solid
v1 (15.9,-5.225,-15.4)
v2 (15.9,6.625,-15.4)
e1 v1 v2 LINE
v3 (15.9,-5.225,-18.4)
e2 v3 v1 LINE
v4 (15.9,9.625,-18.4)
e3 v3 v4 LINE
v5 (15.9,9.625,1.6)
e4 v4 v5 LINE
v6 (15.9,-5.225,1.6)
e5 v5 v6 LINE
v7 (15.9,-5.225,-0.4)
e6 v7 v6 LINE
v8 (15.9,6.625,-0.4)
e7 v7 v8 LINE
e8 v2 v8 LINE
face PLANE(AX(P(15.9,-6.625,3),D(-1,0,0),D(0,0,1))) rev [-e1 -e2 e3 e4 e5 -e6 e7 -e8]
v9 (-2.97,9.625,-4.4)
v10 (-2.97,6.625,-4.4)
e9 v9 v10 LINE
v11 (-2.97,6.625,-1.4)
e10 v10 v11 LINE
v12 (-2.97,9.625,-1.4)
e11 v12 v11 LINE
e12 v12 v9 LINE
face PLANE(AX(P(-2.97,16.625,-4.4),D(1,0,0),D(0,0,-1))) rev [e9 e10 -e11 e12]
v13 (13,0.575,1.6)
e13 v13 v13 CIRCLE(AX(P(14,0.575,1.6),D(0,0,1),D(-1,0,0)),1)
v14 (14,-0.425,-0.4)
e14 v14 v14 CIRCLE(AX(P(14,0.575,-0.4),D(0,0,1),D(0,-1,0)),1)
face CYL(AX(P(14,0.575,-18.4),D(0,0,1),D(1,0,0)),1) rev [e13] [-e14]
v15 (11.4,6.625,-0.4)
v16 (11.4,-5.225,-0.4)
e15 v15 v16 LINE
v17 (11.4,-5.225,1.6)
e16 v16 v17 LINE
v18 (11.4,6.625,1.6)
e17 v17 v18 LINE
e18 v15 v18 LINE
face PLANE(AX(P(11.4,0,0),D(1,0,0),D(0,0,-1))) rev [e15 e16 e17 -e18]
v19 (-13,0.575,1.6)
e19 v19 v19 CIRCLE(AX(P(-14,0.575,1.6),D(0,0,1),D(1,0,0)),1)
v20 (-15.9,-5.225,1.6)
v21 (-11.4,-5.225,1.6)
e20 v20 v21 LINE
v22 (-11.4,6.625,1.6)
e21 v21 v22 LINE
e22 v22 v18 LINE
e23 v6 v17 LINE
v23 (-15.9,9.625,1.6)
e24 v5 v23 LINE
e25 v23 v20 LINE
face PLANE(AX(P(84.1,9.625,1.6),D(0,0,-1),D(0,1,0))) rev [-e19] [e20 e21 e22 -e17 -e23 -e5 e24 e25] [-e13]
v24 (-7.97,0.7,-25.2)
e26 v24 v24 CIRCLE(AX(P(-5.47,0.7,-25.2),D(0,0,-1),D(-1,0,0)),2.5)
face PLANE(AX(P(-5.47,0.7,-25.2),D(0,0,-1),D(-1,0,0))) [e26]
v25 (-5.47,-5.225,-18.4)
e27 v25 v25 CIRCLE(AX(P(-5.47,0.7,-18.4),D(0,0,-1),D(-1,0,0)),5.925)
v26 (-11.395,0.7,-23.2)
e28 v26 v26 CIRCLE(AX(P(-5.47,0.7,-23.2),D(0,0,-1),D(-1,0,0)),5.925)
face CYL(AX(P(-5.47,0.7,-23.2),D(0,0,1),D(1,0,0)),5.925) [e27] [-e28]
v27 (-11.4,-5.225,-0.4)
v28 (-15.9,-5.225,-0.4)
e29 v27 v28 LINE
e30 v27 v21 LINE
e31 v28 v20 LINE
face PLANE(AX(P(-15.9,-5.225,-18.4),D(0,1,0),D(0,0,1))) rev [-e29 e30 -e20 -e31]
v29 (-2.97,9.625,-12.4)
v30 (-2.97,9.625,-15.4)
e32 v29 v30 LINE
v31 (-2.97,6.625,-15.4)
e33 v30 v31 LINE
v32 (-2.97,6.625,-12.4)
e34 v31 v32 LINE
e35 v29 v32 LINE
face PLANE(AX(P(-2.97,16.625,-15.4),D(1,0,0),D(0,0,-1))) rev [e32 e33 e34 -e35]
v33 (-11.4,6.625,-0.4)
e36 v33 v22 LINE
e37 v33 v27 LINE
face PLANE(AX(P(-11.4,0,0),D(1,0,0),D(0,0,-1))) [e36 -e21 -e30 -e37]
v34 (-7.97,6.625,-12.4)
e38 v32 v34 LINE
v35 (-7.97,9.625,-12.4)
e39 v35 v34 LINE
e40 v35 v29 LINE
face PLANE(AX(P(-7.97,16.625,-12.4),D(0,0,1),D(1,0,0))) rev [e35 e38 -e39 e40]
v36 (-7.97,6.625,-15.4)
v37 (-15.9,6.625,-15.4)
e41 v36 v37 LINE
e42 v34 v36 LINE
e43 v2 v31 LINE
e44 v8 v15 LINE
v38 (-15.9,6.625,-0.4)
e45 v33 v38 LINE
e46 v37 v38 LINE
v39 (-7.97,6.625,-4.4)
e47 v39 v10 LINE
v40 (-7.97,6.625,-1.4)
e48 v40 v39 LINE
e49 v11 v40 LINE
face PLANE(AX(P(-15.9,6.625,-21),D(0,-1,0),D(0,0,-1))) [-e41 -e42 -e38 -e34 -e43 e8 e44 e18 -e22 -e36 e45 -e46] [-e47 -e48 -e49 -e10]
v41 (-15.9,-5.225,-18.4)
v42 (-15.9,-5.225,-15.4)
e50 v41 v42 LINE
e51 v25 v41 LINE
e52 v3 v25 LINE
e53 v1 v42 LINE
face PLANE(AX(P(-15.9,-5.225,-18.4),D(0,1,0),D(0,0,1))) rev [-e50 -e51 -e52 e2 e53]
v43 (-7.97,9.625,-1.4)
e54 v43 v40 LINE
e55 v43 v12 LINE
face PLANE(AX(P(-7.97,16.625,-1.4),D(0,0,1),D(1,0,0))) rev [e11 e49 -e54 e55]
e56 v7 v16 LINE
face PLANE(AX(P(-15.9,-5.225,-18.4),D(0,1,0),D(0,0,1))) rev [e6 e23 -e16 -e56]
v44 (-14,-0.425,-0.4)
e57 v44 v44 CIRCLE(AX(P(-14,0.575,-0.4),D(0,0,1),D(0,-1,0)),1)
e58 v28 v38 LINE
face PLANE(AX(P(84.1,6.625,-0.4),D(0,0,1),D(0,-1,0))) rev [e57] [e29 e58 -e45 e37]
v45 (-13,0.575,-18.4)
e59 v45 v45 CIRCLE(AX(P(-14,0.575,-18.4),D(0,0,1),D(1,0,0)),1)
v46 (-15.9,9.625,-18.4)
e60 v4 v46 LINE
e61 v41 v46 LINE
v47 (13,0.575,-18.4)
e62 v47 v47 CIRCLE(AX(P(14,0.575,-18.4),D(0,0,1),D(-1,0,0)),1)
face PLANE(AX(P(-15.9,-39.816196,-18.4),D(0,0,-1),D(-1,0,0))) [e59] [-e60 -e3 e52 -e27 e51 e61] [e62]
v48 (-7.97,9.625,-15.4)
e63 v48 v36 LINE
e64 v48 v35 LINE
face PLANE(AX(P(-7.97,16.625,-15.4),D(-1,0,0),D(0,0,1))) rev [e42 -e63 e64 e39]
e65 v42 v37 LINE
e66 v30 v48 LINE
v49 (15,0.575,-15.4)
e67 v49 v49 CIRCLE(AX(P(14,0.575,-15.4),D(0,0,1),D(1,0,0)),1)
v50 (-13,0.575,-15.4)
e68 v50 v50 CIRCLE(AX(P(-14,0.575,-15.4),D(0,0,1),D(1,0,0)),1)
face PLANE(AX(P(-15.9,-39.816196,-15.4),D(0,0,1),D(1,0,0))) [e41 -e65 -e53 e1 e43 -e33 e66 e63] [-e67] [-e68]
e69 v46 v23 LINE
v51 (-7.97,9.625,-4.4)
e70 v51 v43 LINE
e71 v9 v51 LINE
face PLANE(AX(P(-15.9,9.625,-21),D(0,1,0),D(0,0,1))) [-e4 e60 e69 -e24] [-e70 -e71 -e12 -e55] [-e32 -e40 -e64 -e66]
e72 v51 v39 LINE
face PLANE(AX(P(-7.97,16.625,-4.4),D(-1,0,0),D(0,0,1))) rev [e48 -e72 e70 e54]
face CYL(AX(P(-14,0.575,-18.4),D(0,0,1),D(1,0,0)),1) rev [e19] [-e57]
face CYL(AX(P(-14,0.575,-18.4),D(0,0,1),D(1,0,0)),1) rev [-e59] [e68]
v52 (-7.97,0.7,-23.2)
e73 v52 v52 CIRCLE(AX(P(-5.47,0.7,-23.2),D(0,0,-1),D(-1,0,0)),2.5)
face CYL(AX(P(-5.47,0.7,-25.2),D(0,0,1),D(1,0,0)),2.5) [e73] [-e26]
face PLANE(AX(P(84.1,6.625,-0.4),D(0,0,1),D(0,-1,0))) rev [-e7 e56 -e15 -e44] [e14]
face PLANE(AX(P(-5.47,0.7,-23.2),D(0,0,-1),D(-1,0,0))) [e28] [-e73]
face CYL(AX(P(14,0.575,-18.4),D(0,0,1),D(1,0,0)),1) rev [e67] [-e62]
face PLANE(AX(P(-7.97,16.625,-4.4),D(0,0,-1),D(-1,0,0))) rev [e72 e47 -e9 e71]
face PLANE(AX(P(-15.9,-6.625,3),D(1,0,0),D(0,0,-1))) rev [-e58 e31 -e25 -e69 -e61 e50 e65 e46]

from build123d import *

# Parameters (mm, degrees)
SKETCH1_W            = 31.8
SKETCH1_H            = 13.25
BOSS_EXTRUDE3_DEPTH  = 3
SKETCH3_W            = 31.8
SKETCH3_H            = 3
BOSS_EXTRUDE4_DEPTH  = 24
SKETCH4_W            = 22.8
SKETCH4_H            = 13.25
CUT_EXTRUDE3_DEPTH   = 3
SKETCH6_W            = 31.8
SKETCH6_H            = 2
BOSS_EXTRUDE5_DEPTH  = 13.25
SKETCH7_W            = 3.6
SKETCH7_H            = 3
CUT_EXTRUDE4_DEPTH   = 40.30496947
SKETCH8_W            = 2
SKETCH8_H            = 1.25
BOSS_EXTRUDE6_DEPTH  = 31.8
SKETCH10_W           = 2
SKETCH10_H           = 17.5
CUT_EXTRUDE6_DEPTH   = 38.505207972
BOSS_EXTRUDE7_START  = -31.8
SKETCH11_W           = 3
SKETCH11_H           = 1.25
BOSS_EXTRUDE7_DEPTH  = 31.8
SKETCH12_W           = 22.8
SKETCH12_H           = 1.25
CUT_EXTRUDE7_DEPTH   = 4
SKETCH15_W           = 31.8
SKETCH15_H           = 3
BOSS_EXTRUDE9_DEPTH  = 17.5
BOSS_EXTRUDE12_DEPTH = 5
SKETCH20_W           = 15
SKETCH20_H           = 14.5
SKETCH20_W_2         = 5.230602644
SKETCH20_H_2         = 17.5
CUT_EXTRUDE9_DEPTH   = 100
SKETCH22_R           = 1
SKETCH22_W           = 31.8
SKETCH22_H           = 2.65
CUT_EXTRUDE11_DEPTH  = 20
SKETCH24_R           = 5.925
BOSS_EXTRUDE13_DEPTH = 4.8
SKETCH25_R           = 2.5
BOSS_EXTRUDE14_DEPTH = 2
SKETCH27_W           = 5
SKETCH27_H           = 3
CUT_EXTRUDE12_DEPTH  = 10


with BuildPart() as part:
    # Sketch1 → Boss-Extrude3 (new body)
    with BuildSketch(Plane.XY):
        Rectangle(SKETCH1_W, SKETCH1_H)
    extrude(amount=BOSS_EXTRUDE3_DEPTH)

    # Sketch3 → Boss-Extrude4 (add)
    with BuildSketch(Plane.XY.offset(3)):
        with Locations((0, 8.125)):
            Rectangle(SKETCH3_W, SKETCH3_H)
    extrude(amount=-BOSS_EXTRUDE4_DEPTH)

    # Sketch4 → Cut-Extrude3 (cut)
    with BuildSketch(Plane.XY.offset(3)):
        Rectangle(SKETCH4_W, SKETCH4_H)
    extrude(amount=-CUT_EXTRUDE3_DEPTH, mode=Mode.SUBTRACT)

    # Sketch6 → Boss-Extrude5 (add)
    with BuildSketch(Plane.XZ.offset(-6.625)):
        with Locations((0, -16.4)):
            Rectangle(SKETCH6_W, SKETCH6_H)
    extrude(amount=BOSS_EXTRUDE5_DEPTH)

    # Sketch7 → Cut-Extrude4 (cut, through all)
    with BuildSketch(Plane.ZY.offset(15.9)):
        with Locations((-19.2, 8.125)):
            Rectangle(SKETCH7_W, SKETCH7_H)
    extrude(amount=-CUT_EXTRUDE4_DEPTH, mode=Mode.SUBTRACT)

    # Sketch8 → Boss-Extrude6 (add)
    with BuildSketch(Plane(origin=(15.9, 0, 0), x_dir=(0, 0, -1), z_dir=(1, 0, 0))):
        with Locations((16.4, -7.25)):
            Rectangle(SKETCH8_W, SKETCH8_H)
    extrude(amount=-BOSS_EXTRUDE6_DEPTH)

    # Sketch10 → Cut-Extrude6 (cut, through all)
    with BuildSketch(Plane(origin=(15.9, 0, 0), x_dir=(0, 0, -1), z_dir=(1, 0, 0))):
        with Locations((16.4, 0.875)):
            Rectangle(SKETCH10_W, SKETCH10_H)
    extrude(amount=-CUT_EXTRUDE6_DEPTH, mode=Mode.SUBTRACT)

    # Sketch11 → Boss-Extrude7 (add)
    with BuildSketch(Plane(origin=(15.9, 0, 0), x_dir=(0, 0, -1), z_dir=(1, 0, 0)).offset(BOSS_EXTRUDE7_START)):
        with Locations((-1.5, -7.25)):
            Rectangle(SKETCH11_W, SKETCH11_H)
    boss_extrude7 = extrude(amount=BOSS_EXTRUDE7_DEPTH)

    # Mirror2: Boss-Extrude7 across plane
    add(boss_extrude7.mirror(Plane(origin=(0, 0, 0), x_dir=(0, 0, 1), z_dir=(1, 0, 0))))

    # Sketch12 → Cut-Extrude7 (cut)
    with BuildSketch(Plane.XY.offset(3)):
        with Locations((0, -7.25)):
            Rectangle(SKETCH12_W, SKETCH12_H)
    extrude(amount=-CUT_EXTRUDE7_DEPTH, mode=Mode.SUBTRACT)

    # Sketch15 → Boss-Extrude9 (add)
    with BuildSketch(Plane(origin=(0, 9.625, 0), x_dir=(1, 0, 0), z_dir=(0, 1, 0))):
        with Locations((0, 16.9)):
            Rectangle(SKETCH15_W, SKETCH15_H)
    extrude(amount=-BOSS_EXTRUDE9_DEPTH)

    # Sketch19 → Boss-Extrude12 (add)
    with BuildSketch(Plane.XY.offset(3)):
        Polygon((-15.9, 9.625), (15.9, 9.625), (15.9, -7.875), (11.4, -7.875), (11.4, 6.625), (-11.4, 6.625), (-11.4, -7.875), (-15.9, -7.875), align=None)
    extrude(amount=-BOSS_EXTRUDE12_DEPTH)

    # Sketch20 → Cut-Extrude9 (cut)
    with BuildSketch(Plane.ZY.offset(15.9)):
        with Locations((-7.9, -0.625)):
            Rectangle(SKETCH20_W, SKETCH20_H)
        with Locations((4.215301322, 0.875)):
            Rectangle(SKETCH20_W_2, SKETCH20_H_2)
    extrude(amount=-CUT_EXTRUDE9_DEPTH, mode=Mode.SUBTRACT)

    # Sketch22 → Cut-Extrude11 (cut)
    with BuildSketch(Plane.XY.offset(1.6)):
        with Locations((-14, 0.575)):
            Circle(SKETCH22_R)
        with Locations((14, 0.575)):
            Circle(SKETCH22_R)
        with Locations((0, -6.55)):
            Rectangle(SKETCH22_W, SKETCH22_H)
    extrude(amount=-CUT_EXTRUDE11_DEPTH, mode=Mode.SUBTRACT)

    # Sketch24 → Boss-Extrude13 (add)
    with BuildSketch(Plane(origin=(0, 0, -18.4), x_dir=(-1, 0, 0), z_dir=(0, 0, -1))):
        with Locations(Location((5.47, 0.7, 0), (0, 0, 270))):
            Circle(SKETCH24_R)
    extrude(amount=BOSS_EXTRUDE13_DEPTH)

    # Sketch25 → Boss-Extrude14 (add)
    with BuildSketch(Plane(origin=(0, 0, -23.2), x_dir=(-1, 0, 0), z_dir=(0, 0, -1))):
        with Locations((5.47, 0.7)):
            Circle(SKETCH25_R)
    extrude(amount=BOSS_EXTRUDE14_DEPTH)

    # Sketch27 → Cut-Extrude12 (cut)
    with BuildSketch(Plane.XZ.offset(-6.625)):
        with Locations((-5.47, -13.9)):
            Rectangle(SKETCH27_W, SKETCH27_H)
        with Locations((-5.47, -2.9)):
            Rectangle(SKETCH27_W, SKETCH27_H)
    extrude(amount=-CUT_EXTRUDE12_DEPTH, mode=Mode.SUBTRACT)


solid = part.part
